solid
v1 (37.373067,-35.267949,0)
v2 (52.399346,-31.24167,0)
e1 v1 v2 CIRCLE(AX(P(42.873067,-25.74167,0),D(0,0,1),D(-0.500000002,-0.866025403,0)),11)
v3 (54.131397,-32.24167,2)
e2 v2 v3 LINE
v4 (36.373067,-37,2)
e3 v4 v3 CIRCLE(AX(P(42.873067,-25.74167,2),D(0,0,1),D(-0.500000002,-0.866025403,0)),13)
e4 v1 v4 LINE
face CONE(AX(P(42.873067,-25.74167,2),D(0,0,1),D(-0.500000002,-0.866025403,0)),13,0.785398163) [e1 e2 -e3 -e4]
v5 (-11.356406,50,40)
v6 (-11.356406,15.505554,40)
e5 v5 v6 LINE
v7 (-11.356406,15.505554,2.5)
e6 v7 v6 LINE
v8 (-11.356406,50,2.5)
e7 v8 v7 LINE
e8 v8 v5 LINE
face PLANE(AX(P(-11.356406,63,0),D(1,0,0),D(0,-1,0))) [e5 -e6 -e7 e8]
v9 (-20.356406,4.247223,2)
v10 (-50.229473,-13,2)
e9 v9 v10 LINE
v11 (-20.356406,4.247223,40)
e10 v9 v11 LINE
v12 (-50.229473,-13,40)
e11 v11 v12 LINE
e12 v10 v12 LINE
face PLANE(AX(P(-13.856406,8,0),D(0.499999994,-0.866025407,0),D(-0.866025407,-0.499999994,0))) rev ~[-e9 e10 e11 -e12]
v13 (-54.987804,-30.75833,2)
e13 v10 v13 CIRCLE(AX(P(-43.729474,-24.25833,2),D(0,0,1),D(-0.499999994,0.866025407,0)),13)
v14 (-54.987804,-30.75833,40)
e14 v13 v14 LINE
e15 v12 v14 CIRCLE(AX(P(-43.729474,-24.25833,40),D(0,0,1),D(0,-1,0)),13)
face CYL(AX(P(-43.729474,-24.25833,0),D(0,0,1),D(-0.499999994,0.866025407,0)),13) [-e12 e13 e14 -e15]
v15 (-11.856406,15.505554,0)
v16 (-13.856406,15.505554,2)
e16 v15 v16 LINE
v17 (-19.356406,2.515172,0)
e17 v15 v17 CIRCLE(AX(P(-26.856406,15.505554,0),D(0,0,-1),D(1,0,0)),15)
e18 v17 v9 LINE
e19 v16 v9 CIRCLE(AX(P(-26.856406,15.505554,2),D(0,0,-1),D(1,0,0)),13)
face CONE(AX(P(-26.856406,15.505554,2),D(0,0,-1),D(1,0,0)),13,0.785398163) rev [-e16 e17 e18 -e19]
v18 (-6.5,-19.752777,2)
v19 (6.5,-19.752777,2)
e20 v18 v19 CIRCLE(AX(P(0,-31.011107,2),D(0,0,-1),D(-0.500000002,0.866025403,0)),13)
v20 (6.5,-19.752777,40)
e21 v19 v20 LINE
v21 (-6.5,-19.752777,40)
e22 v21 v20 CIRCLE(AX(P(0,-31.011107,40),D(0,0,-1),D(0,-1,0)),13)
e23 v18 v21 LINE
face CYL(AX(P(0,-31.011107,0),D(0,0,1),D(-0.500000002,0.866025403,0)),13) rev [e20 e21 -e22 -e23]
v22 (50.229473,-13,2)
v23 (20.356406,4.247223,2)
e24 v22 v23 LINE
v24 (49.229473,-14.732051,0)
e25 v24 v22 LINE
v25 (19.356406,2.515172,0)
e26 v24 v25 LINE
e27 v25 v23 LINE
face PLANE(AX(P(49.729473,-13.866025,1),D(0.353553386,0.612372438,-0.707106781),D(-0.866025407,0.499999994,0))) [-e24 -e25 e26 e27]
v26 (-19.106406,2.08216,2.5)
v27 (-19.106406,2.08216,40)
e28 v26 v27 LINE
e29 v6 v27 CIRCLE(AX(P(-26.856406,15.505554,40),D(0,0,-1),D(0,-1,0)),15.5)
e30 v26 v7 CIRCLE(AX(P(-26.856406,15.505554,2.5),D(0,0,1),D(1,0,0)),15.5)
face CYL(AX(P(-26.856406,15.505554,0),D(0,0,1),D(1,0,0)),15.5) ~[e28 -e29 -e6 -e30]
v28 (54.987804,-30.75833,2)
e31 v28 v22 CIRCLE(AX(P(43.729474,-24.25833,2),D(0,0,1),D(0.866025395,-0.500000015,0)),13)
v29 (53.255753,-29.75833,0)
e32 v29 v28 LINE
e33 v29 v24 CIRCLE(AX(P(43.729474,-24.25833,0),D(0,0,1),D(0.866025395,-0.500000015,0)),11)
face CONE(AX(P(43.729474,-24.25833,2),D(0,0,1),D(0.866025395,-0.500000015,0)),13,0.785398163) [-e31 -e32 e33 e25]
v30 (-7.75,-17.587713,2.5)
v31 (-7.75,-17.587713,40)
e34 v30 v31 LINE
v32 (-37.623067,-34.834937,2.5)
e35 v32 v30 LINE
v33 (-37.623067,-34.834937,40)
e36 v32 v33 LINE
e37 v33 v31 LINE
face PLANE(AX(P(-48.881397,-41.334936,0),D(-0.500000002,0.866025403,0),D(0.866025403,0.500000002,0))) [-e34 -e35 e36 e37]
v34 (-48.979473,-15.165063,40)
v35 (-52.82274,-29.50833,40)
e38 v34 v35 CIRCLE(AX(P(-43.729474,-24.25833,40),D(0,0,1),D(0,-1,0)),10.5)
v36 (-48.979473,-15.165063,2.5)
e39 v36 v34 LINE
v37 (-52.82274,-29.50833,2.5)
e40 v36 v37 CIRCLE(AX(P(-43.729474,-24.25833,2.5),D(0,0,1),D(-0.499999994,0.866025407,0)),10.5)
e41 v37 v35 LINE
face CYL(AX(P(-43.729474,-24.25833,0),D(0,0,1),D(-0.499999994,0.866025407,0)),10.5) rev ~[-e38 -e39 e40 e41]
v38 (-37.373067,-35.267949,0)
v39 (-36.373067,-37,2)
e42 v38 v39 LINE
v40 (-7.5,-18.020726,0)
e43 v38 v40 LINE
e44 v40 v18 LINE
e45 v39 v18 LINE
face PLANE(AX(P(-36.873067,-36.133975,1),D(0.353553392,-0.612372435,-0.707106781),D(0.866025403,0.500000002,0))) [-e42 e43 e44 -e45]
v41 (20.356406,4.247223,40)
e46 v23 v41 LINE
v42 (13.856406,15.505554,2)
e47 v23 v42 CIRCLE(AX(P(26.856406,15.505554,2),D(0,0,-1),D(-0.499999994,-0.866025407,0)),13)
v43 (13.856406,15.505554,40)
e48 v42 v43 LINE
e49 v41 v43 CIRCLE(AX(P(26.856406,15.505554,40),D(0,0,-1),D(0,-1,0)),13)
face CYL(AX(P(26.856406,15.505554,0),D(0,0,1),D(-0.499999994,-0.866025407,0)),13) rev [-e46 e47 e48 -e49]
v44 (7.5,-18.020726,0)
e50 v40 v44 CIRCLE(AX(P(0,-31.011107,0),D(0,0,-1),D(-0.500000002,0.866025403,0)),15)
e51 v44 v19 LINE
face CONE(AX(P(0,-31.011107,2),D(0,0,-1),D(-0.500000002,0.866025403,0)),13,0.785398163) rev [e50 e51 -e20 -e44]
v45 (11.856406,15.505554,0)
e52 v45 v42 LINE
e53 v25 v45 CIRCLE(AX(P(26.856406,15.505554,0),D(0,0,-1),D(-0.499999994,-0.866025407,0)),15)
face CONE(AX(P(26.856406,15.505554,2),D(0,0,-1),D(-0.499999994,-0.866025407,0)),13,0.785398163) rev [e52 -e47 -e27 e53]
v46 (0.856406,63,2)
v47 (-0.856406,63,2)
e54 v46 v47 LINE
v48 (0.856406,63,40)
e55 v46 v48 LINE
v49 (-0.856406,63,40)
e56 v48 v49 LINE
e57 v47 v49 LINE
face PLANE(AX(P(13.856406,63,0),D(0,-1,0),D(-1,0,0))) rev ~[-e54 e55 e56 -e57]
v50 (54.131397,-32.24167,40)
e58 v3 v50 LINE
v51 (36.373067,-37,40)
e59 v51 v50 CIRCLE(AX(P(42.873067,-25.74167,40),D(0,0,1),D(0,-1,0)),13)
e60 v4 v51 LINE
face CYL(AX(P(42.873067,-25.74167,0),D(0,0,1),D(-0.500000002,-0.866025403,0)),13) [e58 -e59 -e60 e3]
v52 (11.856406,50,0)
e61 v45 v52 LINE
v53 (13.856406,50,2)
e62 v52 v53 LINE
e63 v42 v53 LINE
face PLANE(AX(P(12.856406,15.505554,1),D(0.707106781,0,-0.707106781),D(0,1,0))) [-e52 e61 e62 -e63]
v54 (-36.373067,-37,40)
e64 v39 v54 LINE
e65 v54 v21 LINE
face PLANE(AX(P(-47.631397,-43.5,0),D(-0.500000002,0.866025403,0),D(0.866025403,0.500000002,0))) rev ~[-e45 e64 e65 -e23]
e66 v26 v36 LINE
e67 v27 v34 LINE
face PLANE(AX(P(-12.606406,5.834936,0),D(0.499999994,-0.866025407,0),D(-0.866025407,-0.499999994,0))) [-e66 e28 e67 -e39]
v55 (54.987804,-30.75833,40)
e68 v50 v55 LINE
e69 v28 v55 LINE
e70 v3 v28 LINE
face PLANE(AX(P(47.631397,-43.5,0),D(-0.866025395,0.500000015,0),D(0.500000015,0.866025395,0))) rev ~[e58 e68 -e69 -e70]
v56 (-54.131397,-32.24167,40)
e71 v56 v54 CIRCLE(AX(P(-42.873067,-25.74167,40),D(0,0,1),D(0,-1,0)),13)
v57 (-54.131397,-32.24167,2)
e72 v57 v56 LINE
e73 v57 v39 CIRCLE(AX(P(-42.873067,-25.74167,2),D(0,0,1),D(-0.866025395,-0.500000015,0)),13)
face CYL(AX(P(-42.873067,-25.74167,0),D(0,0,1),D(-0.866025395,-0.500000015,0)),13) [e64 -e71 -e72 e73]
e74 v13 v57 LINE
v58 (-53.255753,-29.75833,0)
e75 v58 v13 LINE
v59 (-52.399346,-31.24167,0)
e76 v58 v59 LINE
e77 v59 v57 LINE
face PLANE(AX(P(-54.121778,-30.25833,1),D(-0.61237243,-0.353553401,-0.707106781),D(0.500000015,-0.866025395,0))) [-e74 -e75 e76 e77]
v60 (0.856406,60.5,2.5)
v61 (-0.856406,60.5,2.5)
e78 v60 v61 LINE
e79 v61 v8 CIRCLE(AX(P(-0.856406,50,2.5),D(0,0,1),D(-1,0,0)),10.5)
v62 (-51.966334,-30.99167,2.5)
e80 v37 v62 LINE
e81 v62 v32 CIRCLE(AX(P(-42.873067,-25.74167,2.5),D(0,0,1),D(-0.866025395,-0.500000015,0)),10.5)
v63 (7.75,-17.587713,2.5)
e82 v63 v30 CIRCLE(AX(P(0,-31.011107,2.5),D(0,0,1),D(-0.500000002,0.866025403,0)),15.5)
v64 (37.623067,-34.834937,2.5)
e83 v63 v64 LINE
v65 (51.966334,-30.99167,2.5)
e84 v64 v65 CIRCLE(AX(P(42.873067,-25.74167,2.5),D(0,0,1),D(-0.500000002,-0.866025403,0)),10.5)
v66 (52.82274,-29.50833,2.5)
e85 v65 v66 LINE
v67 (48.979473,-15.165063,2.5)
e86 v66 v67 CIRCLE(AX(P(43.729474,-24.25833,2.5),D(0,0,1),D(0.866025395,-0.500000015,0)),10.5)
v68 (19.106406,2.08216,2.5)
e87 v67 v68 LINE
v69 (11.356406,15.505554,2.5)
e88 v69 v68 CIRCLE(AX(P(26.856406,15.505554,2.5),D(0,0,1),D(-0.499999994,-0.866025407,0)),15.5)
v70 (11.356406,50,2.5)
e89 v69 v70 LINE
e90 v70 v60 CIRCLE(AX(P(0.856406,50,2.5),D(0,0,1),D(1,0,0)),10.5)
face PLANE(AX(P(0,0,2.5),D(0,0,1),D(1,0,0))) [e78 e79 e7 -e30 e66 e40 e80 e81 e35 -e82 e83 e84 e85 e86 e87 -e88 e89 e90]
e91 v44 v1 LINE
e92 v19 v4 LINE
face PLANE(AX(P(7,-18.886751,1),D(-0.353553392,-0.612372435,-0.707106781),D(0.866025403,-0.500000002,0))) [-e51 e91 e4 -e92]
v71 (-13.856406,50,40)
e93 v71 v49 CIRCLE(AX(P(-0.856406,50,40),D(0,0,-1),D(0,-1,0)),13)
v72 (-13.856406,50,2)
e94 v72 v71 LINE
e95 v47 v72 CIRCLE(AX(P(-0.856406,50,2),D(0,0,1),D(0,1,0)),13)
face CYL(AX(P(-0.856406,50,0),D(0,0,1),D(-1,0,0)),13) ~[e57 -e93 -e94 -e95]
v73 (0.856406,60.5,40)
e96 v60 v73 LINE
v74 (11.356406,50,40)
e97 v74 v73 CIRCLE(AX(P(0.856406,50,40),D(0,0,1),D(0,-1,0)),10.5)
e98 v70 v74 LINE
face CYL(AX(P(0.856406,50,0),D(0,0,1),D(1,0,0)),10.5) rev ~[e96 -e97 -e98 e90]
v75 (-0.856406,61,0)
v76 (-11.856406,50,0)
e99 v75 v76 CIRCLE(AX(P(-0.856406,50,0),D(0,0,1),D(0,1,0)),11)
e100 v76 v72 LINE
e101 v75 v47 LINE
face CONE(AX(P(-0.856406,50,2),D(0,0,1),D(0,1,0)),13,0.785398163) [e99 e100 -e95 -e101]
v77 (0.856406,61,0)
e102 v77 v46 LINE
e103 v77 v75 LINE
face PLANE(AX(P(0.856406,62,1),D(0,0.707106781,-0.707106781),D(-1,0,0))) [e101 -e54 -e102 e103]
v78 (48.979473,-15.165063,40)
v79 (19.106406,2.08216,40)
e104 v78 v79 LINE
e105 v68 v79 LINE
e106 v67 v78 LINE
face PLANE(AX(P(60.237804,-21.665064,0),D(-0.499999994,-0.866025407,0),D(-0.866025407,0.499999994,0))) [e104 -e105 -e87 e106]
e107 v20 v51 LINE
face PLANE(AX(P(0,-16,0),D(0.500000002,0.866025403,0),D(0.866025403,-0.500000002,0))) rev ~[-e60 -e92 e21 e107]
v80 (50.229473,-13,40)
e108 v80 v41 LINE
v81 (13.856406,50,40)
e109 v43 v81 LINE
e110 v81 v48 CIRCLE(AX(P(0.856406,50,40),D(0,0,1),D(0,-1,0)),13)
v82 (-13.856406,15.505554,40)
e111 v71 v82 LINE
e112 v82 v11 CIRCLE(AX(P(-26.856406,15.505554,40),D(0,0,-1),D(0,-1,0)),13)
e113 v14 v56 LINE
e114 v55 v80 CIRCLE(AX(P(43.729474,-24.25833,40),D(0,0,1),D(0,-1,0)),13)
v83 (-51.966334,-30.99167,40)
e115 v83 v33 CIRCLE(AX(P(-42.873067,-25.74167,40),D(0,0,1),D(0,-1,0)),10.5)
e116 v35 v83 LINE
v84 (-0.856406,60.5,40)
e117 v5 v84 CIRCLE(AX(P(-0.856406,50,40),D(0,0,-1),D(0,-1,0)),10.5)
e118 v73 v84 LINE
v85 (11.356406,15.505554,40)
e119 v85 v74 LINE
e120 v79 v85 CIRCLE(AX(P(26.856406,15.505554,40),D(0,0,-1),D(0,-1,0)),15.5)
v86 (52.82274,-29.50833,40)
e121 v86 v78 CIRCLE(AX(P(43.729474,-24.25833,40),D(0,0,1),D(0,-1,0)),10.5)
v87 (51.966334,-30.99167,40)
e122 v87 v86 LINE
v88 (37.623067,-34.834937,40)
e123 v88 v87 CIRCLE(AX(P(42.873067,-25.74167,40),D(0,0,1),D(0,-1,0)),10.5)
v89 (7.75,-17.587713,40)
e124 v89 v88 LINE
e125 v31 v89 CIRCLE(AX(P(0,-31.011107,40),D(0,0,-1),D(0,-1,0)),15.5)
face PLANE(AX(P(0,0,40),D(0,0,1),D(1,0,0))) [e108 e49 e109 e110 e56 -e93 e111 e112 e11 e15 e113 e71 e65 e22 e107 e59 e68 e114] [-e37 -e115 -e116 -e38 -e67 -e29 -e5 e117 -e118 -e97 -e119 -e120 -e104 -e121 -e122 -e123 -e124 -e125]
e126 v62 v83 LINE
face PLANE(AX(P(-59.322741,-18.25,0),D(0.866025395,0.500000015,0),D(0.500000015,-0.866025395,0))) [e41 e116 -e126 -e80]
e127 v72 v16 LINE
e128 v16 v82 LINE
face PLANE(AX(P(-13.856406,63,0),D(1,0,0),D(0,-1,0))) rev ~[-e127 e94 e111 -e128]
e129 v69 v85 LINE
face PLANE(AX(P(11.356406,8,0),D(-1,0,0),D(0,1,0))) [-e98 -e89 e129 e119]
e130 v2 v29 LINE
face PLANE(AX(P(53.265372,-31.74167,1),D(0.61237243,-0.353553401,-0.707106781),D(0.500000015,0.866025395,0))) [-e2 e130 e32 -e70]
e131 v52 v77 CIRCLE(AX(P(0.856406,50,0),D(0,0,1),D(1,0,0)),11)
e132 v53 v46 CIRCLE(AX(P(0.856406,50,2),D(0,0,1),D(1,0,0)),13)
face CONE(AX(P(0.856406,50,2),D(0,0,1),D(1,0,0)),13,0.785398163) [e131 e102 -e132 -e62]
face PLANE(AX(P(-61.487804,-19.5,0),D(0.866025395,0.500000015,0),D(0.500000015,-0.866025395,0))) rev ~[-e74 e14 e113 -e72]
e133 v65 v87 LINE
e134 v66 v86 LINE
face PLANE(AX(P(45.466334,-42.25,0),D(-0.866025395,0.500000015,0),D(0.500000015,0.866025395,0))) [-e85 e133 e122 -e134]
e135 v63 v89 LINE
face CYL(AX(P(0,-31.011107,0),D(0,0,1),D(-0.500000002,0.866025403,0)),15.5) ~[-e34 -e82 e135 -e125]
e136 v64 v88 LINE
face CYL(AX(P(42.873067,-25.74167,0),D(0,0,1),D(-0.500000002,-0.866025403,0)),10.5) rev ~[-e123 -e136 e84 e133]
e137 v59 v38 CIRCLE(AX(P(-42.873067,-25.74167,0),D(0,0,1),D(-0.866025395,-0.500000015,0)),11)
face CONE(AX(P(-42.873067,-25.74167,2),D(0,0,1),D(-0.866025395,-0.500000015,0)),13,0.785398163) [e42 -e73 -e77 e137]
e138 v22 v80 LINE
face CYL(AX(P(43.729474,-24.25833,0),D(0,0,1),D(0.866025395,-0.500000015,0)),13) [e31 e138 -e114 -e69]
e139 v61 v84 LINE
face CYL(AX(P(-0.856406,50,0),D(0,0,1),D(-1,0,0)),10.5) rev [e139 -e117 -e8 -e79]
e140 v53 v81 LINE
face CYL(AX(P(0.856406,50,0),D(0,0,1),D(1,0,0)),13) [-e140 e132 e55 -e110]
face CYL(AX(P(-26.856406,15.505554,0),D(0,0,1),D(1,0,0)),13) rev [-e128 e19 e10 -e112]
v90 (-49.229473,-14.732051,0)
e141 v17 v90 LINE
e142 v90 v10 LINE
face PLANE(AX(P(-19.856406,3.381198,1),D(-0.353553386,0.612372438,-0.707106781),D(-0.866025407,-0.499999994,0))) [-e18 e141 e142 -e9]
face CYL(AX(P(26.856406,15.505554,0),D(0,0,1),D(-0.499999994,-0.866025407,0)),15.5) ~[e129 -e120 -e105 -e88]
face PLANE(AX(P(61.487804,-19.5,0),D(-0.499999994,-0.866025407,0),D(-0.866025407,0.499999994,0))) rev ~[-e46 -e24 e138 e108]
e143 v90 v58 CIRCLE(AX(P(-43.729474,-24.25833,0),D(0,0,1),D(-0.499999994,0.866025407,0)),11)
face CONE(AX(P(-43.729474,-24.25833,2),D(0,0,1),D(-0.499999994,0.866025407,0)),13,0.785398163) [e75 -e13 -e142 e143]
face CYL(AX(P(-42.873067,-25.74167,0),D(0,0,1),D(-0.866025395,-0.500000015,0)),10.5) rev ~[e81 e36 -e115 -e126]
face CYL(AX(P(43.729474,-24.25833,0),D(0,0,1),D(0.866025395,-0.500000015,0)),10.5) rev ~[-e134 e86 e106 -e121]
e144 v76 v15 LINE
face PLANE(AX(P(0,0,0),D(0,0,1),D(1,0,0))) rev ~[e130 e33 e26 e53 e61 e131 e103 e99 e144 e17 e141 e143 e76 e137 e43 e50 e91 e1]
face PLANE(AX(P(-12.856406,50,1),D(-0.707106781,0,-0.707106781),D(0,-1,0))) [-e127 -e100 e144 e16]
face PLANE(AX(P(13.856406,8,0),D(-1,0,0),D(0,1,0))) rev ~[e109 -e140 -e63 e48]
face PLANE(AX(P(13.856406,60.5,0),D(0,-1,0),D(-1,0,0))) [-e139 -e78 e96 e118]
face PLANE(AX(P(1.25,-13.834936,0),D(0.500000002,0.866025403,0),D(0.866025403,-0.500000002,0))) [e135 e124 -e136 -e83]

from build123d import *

# Parameters (mm, degrees)
F1_DEPTH = 40
F2_R     = 13
F3_T     = -2.5
F4_SIZE  = 2


with BuildPart() as f1:
    # F0 (on Top) → F1 (new body)
    with BuildSketch(Plane.XY):
        Polygon((-13.856406, 63), (-13.856406, 8), (-61.487804, -19.5), (-47.631397, -43.5), (0, -16), (47.631397, -43.5), (61.487804, -19.5), (13.856406, 8), (13.856406, 63), align=None)
    extrude(amount=F1_DEPTH)

    # F2
    f2_edges = [f1.edges().sort_by_distance(p)[0] for p in [
        (-47.631397, -43.5, 20),
        (-61.487804, -19.5, 20),
        (0, -16, 20),
        (47.631397, -43.5, 20),
        (61.487804, -19.5, 20),
        (13.856406, 8, 20),
        (13.856406, 63, 20),
        (-13.856406, 63, 20),
        (-13.856406, 8, 20),
    ]]
    fillet(f2_edges, radius=F2_R)

    # F3
    f3_openings = [f1.faces().sort_by_distance(p)[0] for p in [
        (0, 0, 40),
    ]]
    offset(amount=F3_T, openings=f3_openings)

    # F4
    f4_edges = [f1.edges().sort_by_distance(p)[0] for p in [
        (-21.436533, -28.376388, 0),
        (-46.237715, -38.298705, 0),
        (0, -18.011107, 0),
        (-54.5596, -31.5, 0),
        (21.436533, -28.376388, 0),
        (-56.286509, -20.893683, 0),
        (46.237715, -38.298705, 0),
        (-35.29294, -4.376388, 0),
        (54.5596, -31.5, 0),
        (-15.598076, 9.005553, 0),
        (56.286509, -20.893683, 0),
        (-13.856406, 32.752777, 0),
        (35.29294, -4.376388, 0),
        (-10.048795, 59.192388, 0),
        (15.598076, 9.005553, 0),
        (0, 63, 0),
        (13.856406, 32.752777, 0),
        (10.048795, 59.192388, 0),
    ]]
    chamfer(f4_edges, length=F4_SIZE)


solid = f1.part
